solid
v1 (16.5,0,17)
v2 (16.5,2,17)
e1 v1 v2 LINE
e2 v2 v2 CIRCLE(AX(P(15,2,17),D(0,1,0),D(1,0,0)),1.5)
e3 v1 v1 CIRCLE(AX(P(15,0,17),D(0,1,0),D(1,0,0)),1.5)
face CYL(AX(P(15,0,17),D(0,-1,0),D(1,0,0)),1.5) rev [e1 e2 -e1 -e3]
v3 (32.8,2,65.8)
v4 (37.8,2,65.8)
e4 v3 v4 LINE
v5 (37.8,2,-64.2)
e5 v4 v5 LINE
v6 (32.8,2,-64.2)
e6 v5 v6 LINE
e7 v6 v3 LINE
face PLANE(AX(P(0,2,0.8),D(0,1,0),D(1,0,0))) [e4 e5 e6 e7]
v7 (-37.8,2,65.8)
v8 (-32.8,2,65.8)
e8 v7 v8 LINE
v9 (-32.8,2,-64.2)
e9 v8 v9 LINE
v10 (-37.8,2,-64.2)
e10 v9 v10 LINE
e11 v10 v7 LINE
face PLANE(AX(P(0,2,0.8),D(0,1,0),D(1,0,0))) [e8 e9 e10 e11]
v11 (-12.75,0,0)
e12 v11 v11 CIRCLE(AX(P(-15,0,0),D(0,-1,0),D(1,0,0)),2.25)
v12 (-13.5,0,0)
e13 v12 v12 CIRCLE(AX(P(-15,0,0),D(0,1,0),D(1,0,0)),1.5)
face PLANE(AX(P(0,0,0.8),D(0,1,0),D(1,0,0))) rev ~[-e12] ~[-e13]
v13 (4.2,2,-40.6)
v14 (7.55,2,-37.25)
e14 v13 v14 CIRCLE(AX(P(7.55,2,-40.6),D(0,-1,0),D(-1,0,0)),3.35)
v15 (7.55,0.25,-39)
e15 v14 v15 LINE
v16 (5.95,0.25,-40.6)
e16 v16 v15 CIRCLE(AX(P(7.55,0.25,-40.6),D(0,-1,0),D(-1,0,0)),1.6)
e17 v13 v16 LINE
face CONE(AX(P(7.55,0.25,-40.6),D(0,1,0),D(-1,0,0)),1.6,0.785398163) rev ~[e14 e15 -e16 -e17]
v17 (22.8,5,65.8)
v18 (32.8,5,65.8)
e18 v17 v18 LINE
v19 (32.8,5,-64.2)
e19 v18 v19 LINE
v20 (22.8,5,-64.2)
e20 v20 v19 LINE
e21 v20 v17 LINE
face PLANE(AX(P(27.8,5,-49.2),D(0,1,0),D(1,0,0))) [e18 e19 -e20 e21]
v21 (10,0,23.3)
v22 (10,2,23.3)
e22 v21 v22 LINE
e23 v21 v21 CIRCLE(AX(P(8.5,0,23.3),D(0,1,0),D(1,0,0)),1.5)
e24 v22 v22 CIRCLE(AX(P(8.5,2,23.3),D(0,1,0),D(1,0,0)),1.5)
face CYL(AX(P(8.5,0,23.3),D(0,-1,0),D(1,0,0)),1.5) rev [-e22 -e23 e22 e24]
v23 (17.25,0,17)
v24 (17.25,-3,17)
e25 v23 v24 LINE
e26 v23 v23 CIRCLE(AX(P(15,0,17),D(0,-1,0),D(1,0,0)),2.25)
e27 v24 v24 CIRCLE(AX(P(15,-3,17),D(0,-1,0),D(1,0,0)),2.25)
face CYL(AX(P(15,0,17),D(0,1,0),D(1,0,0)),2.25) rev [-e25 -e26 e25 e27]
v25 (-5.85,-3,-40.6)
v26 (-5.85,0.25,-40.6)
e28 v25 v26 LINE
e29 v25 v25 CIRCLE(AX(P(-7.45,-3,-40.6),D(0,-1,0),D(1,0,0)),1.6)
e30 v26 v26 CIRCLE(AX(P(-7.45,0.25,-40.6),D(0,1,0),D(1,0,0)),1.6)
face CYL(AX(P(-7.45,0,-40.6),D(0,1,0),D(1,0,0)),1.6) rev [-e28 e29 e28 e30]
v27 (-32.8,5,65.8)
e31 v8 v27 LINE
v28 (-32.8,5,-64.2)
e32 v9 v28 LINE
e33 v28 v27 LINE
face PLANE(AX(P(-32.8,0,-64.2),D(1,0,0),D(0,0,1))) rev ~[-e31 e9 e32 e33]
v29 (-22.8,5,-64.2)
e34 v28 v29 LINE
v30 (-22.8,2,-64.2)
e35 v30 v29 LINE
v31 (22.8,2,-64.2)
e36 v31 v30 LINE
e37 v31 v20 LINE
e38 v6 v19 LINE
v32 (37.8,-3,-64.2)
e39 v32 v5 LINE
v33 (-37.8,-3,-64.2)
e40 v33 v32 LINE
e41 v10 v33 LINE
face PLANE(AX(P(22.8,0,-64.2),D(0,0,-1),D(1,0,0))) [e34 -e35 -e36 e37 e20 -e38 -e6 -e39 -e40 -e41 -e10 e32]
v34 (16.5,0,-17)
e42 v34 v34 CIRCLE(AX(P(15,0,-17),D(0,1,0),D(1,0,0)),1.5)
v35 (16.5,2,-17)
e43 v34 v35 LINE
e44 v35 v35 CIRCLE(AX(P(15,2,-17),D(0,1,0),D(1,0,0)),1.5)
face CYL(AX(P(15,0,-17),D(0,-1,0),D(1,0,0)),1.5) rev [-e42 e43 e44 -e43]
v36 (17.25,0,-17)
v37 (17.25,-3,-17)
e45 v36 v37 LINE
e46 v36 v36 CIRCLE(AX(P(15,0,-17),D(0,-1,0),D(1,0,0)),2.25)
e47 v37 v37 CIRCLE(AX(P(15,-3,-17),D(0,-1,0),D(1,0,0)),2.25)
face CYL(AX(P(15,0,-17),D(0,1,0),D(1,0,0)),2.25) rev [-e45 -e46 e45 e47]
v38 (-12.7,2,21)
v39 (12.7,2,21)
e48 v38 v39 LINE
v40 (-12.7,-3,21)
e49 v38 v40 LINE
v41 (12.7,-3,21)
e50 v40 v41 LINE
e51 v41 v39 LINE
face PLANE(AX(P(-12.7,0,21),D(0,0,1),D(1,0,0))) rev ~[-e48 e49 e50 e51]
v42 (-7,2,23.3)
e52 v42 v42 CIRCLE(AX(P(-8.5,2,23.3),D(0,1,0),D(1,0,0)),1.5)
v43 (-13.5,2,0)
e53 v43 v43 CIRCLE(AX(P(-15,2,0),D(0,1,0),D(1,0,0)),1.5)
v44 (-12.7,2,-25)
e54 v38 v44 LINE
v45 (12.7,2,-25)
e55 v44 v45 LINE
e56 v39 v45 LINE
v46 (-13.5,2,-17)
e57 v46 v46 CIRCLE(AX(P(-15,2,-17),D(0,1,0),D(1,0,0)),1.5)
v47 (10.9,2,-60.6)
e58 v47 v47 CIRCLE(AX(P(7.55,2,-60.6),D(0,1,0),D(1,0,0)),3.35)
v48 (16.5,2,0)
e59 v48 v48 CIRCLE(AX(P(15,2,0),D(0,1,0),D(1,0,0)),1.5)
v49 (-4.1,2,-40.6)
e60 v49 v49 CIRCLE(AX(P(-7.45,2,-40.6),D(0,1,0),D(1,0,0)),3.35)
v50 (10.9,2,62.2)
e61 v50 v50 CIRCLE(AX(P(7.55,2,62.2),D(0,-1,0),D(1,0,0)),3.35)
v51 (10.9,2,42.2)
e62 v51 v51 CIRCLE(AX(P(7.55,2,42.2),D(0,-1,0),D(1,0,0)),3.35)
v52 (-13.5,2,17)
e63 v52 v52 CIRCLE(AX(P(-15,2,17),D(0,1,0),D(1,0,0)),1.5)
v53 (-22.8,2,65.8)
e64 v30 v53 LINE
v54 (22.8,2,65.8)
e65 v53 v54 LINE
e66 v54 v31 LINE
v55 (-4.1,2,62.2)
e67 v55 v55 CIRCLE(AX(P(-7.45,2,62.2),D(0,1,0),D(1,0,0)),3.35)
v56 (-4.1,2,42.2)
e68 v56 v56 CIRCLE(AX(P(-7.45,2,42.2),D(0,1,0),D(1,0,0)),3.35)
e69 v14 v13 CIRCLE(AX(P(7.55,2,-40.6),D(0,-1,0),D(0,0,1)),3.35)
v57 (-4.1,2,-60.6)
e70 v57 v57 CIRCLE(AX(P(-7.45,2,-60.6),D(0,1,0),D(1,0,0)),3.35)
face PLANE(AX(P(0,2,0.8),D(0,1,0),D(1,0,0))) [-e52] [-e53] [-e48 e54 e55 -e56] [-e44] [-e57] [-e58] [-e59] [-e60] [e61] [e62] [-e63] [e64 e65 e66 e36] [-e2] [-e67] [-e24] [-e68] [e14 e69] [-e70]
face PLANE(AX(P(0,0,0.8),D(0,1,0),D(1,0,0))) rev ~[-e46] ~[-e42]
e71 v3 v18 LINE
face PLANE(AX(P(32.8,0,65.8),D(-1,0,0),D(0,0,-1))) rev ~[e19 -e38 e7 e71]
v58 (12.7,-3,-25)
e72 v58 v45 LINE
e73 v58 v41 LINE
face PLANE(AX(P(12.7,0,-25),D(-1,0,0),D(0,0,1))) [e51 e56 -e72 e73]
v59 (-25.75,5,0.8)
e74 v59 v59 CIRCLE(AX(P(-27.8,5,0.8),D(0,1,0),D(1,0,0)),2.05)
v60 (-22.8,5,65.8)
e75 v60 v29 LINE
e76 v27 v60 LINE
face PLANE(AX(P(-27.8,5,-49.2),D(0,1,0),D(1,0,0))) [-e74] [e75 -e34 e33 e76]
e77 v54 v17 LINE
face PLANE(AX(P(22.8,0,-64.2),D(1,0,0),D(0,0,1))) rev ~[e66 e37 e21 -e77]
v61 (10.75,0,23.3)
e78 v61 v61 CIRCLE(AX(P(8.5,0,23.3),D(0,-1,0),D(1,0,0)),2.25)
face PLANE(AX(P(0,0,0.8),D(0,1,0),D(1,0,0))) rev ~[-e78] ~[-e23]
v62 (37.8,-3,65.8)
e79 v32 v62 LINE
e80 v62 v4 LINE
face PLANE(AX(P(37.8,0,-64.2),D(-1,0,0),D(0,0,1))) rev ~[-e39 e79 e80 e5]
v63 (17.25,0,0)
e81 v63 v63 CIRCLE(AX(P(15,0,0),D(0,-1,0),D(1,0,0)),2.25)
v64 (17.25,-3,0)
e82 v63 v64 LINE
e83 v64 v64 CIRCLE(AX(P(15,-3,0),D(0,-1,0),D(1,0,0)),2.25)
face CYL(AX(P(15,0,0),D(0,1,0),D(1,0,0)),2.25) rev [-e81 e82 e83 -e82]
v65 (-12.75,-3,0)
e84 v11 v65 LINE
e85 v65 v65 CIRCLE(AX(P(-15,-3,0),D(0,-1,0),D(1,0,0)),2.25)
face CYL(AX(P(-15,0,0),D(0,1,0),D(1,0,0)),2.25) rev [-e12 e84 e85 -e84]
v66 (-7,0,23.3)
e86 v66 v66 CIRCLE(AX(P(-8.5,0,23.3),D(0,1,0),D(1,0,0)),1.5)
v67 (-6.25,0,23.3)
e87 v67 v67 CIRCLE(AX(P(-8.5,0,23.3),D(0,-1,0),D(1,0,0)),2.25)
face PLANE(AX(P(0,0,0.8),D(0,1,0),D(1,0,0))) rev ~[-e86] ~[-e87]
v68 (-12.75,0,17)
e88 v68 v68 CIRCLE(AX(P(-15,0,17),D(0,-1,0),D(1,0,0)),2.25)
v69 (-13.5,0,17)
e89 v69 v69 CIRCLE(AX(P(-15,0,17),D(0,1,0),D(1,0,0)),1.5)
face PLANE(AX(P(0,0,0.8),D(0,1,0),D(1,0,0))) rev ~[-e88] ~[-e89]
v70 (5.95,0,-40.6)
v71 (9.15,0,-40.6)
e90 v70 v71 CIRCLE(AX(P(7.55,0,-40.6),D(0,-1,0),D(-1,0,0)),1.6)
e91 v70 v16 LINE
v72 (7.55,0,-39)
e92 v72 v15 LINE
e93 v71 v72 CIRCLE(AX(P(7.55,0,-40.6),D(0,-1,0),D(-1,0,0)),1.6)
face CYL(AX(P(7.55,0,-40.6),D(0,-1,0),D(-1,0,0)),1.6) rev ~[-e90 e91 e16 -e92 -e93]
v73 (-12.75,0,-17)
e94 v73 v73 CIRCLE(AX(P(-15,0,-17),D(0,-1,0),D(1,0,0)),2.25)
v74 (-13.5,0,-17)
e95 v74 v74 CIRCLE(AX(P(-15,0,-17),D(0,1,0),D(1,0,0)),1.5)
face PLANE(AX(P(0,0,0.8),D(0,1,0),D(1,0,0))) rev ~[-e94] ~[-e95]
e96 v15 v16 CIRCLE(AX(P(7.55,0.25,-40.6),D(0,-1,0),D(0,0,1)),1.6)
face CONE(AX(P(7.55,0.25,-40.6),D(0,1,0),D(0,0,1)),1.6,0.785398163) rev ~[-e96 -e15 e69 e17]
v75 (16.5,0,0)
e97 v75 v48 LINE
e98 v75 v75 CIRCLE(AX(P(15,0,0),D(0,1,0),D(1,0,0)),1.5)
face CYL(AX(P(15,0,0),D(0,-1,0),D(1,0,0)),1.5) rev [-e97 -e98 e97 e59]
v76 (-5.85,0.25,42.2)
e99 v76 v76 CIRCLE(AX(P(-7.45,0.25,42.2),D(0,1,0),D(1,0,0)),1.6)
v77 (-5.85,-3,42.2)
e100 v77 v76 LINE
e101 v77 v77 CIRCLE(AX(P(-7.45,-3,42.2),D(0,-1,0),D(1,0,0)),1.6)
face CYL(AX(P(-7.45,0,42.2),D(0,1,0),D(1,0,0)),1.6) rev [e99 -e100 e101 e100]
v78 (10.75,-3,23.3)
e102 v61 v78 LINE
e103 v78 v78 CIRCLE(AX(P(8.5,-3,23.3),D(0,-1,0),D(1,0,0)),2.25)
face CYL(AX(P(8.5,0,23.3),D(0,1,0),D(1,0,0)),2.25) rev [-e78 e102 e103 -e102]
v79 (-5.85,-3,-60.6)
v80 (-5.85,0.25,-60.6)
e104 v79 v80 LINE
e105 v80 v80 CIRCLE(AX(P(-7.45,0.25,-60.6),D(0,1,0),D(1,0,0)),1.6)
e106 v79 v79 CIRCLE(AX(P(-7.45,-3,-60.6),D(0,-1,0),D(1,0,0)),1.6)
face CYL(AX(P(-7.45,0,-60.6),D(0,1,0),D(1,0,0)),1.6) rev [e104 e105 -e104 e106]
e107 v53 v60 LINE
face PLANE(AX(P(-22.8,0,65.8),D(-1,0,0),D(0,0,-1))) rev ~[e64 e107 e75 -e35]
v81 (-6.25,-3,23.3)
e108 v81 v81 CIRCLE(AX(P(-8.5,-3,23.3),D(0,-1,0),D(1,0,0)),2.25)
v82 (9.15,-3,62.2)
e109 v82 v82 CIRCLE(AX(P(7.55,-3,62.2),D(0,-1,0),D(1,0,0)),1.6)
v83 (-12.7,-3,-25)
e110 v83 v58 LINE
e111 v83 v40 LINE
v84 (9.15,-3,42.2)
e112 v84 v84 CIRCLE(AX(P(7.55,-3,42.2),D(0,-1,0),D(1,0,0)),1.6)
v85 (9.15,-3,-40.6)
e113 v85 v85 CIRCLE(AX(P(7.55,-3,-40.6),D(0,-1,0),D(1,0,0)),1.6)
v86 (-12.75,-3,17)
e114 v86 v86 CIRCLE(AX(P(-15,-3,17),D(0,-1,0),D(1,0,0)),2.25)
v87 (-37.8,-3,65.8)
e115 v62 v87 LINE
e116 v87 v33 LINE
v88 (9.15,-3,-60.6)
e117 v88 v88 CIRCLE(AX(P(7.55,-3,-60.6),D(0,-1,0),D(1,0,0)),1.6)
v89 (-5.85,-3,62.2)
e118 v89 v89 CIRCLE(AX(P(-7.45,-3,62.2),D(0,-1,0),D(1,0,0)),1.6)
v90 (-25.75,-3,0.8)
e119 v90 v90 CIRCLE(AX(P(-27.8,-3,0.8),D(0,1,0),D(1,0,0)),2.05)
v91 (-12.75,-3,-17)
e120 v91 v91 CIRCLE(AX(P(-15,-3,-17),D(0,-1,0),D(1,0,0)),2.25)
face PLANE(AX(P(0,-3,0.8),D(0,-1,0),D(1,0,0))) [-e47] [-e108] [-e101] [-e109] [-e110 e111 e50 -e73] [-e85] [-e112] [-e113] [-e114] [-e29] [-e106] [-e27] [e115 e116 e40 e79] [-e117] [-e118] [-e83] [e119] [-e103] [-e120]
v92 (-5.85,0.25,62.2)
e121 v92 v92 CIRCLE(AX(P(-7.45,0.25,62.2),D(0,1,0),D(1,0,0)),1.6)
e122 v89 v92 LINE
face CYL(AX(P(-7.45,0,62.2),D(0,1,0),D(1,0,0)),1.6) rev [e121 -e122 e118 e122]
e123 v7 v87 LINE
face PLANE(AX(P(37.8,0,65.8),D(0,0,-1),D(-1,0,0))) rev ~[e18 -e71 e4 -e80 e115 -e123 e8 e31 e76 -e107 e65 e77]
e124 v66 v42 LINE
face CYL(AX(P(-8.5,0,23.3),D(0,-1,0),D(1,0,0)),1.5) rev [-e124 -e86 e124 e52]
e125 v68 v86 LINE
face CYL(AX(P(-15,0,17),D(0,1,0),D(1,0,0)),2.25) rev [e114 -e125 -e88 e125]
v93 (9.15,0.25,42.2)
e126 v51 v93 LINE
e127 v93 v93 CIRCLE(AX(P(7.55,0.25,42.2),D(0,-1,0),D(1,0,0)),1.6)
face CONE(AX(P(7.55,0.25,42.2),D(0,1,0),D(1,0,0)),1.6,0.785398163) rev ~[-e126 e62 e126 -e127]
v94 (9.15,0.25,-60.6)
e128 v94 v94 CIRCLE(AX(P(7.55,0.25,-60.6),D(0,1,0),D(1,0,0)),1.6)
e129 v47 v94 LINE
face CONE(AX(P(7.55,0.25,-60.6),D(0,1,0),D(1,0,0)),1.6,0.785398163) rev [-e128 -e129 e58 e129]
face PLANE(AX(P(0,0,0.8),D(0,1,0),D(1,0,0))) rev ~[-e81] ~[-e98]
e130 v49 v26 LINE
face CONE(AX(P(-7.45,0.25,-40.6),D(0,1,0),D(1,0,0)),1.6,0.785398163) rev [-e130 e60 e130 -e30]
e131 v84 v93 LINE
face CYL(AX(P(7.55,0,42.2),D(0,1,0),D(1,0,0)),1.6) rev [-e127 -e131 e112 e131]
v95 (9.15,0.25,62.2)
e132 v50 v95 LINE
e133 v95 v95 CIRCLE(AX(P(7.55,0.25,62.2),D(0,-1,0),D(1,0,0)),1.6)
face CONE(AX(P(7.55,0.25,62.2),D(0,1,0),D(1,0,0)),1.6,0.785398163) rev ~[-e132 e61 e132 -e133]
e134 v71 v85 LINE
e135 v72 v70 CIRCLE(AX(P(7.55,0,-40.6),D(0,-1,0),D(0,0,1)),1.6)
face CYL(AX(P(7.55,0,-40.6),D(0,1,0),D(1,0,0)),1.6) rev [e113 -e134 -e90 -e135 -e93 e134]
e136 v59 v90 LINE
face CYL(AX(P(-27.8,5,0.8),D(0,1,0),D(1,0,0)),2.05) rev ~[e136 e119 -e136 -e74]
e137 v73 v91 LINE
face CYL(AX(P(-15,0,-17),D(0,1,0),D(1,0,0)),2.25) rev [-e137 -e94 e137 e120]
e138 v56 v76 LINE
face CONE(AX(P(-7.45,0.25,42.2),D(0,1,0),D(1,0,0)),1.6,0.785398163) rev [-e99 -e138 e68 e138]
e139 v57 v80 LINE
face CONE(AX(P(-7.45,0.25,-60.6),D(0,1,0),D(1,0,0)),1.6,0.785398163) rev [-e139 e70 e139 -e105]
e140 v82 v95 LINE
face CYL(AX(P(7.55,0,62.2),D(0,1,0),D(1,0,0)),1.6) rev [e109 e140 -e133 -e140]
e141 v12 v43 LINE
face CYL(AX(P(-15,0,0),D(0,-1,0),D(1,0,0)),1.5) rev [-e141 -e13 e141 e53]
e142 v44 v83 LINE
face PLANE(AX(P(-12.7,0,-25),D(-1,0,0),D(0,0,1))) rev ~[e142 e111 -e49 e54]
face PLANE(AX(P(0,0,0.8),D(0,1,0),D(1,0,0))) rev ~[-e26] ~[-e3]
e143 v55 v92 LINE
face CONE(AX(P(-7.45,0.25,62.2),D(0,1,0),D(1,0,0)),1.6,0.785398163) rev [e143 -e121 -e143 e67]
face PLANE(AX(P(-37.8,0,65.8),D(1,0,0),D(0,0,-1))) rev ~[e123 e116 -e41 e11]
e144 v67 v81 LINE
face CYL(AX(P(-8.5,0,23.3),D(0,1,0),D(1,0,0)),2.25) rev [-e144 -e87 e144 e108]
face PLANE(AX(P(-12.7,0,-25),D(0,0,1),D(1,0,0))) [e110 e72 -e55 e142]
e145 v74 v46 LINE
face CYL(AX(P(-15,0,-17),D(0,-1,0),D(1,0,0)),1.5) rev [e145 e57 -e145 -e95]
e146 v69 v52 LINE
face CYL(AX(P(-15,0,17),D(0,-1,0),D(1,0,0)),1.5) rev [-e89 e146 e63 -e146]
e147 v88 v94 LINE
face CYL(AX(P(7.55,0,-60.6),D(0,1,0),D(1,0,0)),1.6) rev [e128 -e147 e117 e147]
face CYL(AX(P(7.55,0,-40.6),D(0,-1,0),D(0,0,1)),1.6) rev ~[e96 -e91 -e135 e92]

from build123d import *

# Parameters (mm, degrees)
SKETCH2_R           = 1.6
SKETCH2_R_2         = 1.5
SKETCH2_W           = 25.4
SKETCH2_H           = 46
BOSS_EXTRUDE1_DEPTH = 2
SKETCH5_R           = 1.6
SKETCH5_R_2         = 2.25
SKETCH5_W           = 25.4
SKETCH5_H           = 46
BOSS_EXTRUDE3_DEPTH = 3
SKETCH2_4_W         = 10
SKETCH2_4_H         = 30
SKETCH2_4_H_2       = 70
BOSS_EXTRUDE4_DEPTH = 5
CHAMFER1_SIZE       = 1.75
SKETCH7_R           = 2.05
CUT_EXTRUDE1_DEPTH  = 9


with BuildPart() as part:
    # Sketch2 → Boss-Extrude1 (new body)
    with BuildSketch(Plane(origin=(0, 0, 0), x_dir=(1, 0, 0), z_dir=(0, 1, 0))):
        Polygon((9.15, 64.2), (-37.8, 64.2), (-37.8, -65.8), (9.15, -65.8), (37.8, -65.8), (37.8, 64.2), align=None)
        with Locations((-7.45, -62.2)):
            Circle(SKETCH2_R, mode=Mode.SUBTRACT)
        with Locations((-7.45, -42.2)):
            Circle(SKETCH2_R, mode=Mode.SUBTRACT)
        with Locations((-15, -17)):
            Circle(SKETCH2_R_2, mode=Mode.SUBTRACT)
        with Locations((-8.5, -23.3)):
            Circle(SKETCH2_R_2, mode=Mode.SUBTRACT)
        with BuildLine():
            ThreePointArc((5.95, -62.2), (7.55, -60.6), (9.15, -62.2))
            ThreePointArc((9.15, -62.2), (7.55, -63.8), (5.95, -62.2))
        make_face(mode=Mode.SUBTRACT)
        with BuildLine():
            ThreePointArc((5.95, -42.2), (7.55, -40.6), (9.15, -42.2))
            ThreePointArc((9.15, -42.2), (7.55, -43.8), (5.95, -42.2))
        make_face(mode=Mode.SUBTRACT)
        with Locations((8.5, -23.3)):
            Circle(SKETCH2_R_2, mode=Mode.SUBTRACT)
        with Locations((15, -17)):
            Circle(SKETCH2_R_2, mode=Mode.SUBTRACT)
        with Locations((-15, 0)):
            Circle(SKETCH2_R_2, mode=Mode.SUBTRACT)
        with Locations((-15, 17)):
            Circle(SKETCH2_R_2, mode=Mode.SUBTRACT)
        with Locations((-7.45, 40.6)):
            Circle(SKETCH2_R, mode=Mode.SUBTRACT)
        with Locations((-7.45, 60.6)):
            Circle(SKETCH2_R, mode=Mode.SUBTRACT)
        with Locations((0, 2)):
            Rectangle(SKETCH2_W, SKETCH2_H, mode=Mode.SUBTRACT)
        with Locations((15, 0)):
            Circle(SKETCH2_R_2, mode=Mode.SUBTRACT)
        with Locations((15, 17)):
            Circle(SKETCH2_R_2, mode=Mode.SUBTRACT)
        with BuildLine():
            ThreePointArc((7.55, 39), (6.41862915, 39.46862915), (5.95, 40.6))
            ThreePointArc((5.95, 40.6), (8.68137085, 41.73137085), (7.55, 39))
        make_face(mode=Mode.SUBTRACT)
        with Locations((7.55, 60.6)):
            Circle(SKETCH2_R, mode=Mode.SUBTRACT)
    extrude(amount=BOSS_EXTRUDE1_DEPTH)

    # Sketch5 → Boss-Extrude3 (add)
    with BuildSketch(Plane.XZ):
        Polygon((37.8, 30.8), (37.8, 65.8), (-37.8, 65.8), (-37.8, 30.8), (-37.8, -29.2), (-37.8, -64.2), (37.8, -64.2), (37.8, -29.2), align=None)
        with Locations((-7.45, -60.6)):
            Circle(SKETCH5_R, mode=Mode.SUBTRACT)
        with Locations((-7.45, -40.6)):
            Circle(SKETCH5_R, mode=Mode.SUBTRACT)
        with Locations((-15, -17)):
            Circle(SKETCH5_R_2, mode=Mode.SUBTRACT)
        with Locations((-15, 0)):
            Circle(SKETCH5_R_2, mode=Mode.SUBTRACT)
        with Locations((0, -2)):
            Rectangle(SKETCH5_W, SKETCH5_H, mode=Mode.SUBTRACT)
        with Locations((7.55, -60.6)):
            Circle(SKETCH5_R, mode=Mode.SUBTRACT)
        with Locations((7.55, -40.6)):
            Circle(SKETCH5_R, mode=Mode.SUBTRACT)
        with Locations((15, -17)):
            Circle(SKETCH5_R_2, mode=Mode.SUBTRACT)
        with Locations((15, 0)):
            Circle(SKETCH5_R_2, mode=Mode.SUBTRACT)
        with Locations((-15, 17)):
            Circle(SKETCH5_R_2, mode=Mode.SUBTRACT)
        with Locations((-8.5, 23.3)):
            Circle(SKETCH5_R_2, mode=Mode.SUBTRACT)
        with Locations((-7.45, 42.2)):
            Circle(SKETCH5_R, mode=Mode.SUBTRACT)
        with Locations((-7.45, 62.2)):
            Circle(SKETCH5_R, mode=Mode.SUBTRACT)
        with Locations((15, 17)):
            Circle(SKETCH5_R_2, mode=Mode.SUBTRACT)
        with Locations((8.5, 23.3)):
            Circle(SKETCH5_R_2, mode=Mode.SUBTRACT)
        with Locations((7.55, 42.2)):
            Circle(SKETCH5_R, mode=Mode.SUBTRACT)
        with Locations((7.55, 62.2)):
            Circle(SKETCH5_R, mode=Mode.SUBTRACT)
    extrude(amount=BOSS_EXTRUDE3_DEPTH)

    # Sketch2_4 → Boss-Extrude4 (add)
    with BuildSketch(Plane(origin=(0, 0, 0), x_dir=(1, 0, 0), z_dir=(0, 1, 0))):
        with Locations((27.8, 49.2)):
            Rectangle(SKETCH2_4_W, SKETCH2_4_H)
        with Locations((27.8, -0.8)):
            Rectangle(SKETCH2_4_W, SKETCH2_4_H_2)
        with Locations((27.8, -50.8)):
            Rectangle(SKETCH2_4_W, SKETCH2_4_H)
        with Locations((-27.8, 49.2)):
            Rectangle(SKETCH2_4_W, SKETCH2_4_H)
        with Locations((-27.8, -0.8)):
            Rectangle(SKETCH2_4_W, SKETCH2_4_H_2)
        with Locations((-27.8, -50.8)):
            Rectangle(SKETCH2_4_W, SKETCH2_4_H)
    extrude(amount=BOSS_EXTRUDE4_DEPTH)

    # Chamfer1
    chamfer1_edges = [part.edges().sort_by_distance(p)[0] for p in [
        (-9.05, 2, 42.2),
        (9.15, 2, 42.2),
        (9.15, 2, 62.2),
        (-9.05, 2, 62.2),
        (-9.05, 2, -40.6),
        (-9.05, 2, -60.6),
        (5.95, 2, -60.6),
        (7.55, 2, -42.2),
    ]]
    chamfer(chamfer1_edges, length=CHAMFER1_SIZE)

    # Sketch7 → Cut-Extrude1 (cut, through all)
    with BuildSketch(Plane(origin=(0, 5, 0), x_dir=(1, 0, 0), z_dir=(0, 1, 0))):
        with Locations((-27.8, -0.8)):
            Circle(SKETCH7_R)
    extrude(amount=-CUT_EXTRUDE1_DEPTH, mode=Mode.SUBTRACT)


solid = part.part
